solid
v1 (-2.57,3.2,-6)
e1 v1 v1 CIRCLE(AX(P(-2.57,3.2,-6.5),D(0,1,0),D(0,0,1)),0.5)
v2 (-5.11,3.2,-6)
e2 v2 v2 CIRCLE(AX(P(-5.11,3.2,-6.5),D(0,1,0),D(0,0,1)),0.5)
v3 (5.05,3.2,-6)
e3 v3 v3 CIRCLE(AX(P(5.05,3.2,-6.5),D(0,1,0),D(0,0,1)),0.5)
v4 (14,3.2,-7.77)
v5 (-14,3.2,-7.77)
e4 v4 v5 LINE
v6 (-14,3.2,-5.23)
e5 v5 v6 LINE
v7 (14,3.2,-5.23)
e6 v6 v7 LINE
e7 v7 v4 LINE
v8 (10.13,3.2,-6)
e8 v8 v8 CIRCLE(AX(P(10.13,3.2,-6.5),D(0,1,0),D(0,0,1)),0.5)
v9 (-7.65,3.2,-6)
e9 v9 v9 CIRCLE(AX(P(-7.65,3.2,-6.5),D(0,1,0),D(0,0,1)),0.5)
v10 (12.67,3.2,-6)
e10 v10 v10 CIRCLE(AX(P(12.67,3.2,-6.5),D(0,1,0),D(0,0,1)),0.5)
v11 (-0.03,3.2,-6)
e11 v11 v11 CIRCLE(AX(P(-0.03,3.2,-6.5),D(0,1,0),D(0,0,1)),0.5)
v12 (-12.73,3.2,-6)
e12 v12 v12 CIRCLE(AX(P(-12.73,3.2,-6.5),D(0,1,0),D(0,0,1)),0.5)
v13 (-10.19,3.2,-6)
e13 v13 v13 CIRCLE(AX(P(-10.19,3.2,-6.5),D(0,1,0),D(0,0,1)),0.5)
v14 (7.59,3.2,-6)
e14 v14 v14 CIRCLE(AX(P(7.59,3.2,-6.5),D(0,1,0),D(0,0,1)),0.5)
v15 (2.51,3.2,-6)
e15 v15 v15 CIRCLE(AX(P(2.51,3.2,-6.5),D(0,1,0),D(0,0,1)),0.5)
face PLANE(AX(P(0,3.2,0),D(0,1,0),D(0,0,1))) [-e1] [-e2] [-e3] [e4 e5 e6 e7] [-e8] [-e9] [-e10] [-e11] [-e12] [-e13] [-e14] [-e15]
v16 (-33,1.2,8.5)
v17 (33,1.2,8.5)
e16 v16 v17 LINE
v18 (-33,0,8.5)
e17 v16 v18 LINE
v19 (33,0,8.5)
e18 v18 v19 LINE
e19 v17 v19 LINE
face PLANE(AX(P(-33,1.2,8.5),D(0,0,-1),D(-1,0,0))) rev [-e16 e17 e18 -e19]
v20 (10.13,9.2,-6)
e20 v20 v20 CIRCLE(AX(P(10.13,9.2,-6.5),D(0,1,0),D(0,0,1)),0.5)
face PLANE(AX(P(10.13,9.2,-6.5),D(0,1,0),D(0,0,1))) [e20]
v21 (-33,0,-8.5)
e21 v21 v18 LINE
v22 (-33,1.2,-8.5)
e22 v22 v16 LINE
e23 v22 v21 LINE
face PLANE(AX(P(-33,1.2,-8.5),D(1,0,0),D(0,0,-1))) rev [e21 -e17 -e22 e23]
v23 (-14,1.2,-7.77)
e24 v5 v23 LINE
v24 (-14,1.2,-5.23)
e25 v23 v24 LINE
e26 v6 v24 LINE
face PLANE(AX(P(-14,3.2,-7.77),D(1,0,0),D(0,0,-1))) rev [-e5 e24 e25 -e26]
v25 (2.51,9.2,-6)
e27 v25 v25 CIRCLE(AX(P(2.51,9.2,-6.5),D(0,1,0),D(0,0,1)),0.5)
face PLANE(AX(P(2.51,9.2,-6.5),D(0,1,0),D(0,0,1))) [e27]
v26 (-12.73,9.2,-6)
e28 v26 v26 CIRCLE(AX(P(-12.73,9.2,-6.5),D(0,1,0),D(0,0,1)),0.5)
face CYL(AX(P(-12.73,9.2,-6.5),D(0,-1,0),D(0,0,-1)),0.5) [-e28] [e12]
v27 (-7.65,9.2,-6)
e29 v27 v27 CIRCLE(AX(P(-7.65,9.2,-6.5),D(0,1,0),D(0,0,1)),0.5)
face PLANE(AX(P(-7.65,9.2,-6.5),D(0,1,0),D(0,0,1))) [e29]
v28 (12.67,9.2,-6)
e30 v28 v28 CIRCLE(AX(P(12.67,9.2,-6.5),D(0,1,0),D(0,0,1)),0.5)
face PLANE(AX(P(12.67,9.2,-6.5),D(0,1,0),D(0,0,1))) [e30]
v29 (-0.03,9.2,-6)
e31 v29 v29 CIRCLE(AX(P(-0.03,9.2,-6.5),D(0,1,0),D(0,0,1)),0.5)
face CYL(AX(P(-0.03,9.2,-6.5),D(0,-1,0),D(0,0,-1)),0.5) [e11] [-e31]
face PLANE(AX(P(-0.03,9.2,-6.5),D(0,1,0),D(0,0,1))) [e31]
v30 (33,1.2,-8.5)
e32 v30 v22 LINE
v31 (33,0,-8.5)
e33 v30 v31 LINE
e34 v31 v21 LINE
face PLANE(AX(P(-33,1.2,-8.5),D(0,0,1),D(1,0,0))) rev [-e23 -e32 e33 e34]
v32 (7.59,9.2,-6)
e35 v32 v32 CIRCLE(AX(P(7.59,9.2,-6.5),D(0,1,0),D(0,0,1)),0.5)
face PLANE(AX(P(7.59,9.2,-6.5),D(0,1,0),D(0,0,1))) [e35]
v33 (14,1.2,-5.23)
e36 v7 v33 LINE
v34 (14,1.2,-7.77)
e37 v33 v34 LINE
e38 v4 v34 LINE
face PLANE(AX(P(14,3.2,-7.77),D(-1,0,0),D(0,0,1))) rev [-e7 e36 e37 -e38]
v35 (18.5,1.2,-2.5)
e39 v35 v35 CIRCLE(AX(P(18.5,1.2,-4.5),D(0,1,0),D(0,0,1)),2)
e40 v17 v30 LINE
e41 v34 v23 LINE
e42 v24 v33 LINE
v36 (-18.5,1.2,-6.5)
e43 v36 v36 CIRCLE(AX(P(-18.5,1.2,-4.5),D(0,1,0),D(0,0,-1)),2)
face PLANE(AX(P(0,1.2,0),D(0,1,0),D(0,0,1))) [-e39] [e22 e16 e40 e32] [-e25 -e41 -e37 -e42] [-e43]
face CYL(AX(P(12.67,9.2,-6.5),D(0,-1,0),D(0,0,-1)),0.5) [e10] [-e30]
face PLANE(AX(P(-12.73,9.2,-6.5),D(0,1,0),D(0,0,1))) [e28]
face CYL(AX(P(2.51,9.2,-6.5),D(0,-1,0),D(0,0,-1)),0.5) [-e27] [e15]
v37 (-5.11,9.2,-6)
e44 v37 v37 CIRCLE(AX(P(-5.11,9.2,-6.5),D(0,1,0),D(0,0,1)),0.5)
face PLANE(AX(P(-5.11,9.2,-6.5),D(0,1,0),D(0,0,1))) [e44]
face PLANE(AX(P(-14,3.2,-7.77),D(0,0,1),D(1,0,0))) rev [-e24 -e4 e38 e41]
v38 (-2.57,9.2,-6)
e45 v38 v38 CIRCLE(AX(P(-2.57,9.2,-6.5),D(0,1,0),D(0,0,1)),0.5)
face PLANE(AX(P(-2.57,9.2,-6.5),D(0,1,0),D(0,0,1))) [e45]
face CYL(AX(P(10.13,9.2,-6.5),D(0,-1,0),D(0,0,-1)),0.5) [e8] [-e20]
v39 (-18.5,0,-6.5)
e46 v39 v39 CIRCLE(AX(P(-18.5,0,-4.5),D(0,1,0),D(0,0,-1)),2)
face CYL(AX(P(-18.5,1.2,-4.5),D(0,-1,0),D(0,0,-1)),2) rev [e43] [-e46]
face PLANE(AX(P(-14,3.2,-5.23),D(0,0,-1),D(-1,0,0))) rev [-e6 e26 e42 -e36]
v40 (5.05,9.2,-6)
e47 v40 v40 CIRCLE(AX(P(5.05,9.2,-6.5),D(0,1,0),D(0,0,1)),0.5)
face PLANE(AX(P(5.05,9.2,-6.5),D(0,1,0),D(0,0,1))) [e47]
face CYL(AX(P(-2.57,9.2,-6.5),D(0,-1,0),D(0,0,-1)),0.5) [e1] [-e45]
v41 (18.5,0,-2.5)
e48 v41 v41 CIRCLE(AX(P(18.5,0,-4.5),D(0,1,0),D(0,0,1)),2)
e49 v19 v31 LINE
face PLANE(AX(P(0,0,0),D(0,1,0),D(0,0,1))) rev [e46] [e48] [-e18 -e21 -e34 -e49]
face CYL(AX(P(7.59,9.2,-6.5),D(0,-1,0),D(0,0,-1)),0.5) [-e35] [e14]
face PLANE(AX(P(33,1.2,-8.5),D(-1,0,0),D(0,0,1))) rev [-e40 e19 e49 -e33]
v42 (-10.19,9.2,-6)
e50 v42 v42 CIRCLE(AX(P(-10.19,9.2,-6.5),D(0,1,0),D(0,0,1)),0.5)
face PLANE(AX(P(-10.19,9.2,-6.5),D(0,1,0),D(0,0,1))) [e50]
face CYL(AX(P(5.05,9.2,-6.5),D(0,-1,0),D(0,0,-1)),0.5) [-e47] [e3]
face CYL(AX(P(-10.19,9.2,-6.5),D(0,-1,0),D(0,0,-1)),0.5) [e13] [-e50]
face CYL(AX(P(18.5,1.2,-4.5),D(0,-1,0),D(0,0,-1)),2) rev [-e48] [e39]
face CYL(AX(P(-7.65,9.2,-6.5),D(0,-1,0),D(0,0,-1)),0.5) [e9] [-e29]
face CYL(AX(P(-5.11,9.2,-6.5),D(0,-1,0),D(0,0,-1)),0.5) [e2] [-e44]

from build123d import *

# Parameters (mm, degrees)
SKETCH1_W           = 66
SKETCH1_H           = 17
SKETCH1_R           = 2
BOSS_EXTRUDE1_DEPTH = 1.2
SKETCH2_W           = 28
SKETCH2_H           = 2.54
BOSS_EXTRUDE2_DEPTH = 2
SKETCH3_R           = 0.5
BOSS_EXTRUDE3_DEPTH = 6


with BuildPart() as part:
    # Sketch1 → Boss-Extrude1 (new body)
    with BuildSketch(Plane(origin=(0, 0, 0), x_dir=(1, 0, 0), z_dir=(0, 1, 0))):
        Rectangle(SKETCH1_W, SKETCH1_H)
        with Locations((18.5, 4.5)):
            Circle(SKETCH1_R, mode=Mode.SUBTRACT)
        with Locations((-18.5, 4.5)):
            Circle(SKETCH1_R, mode=Mode.SUBTRACT)
    extrude(amount=BOSS_EXTRUDE1_DEPTH)

    # Sketch2 → Boss-Extrude2 (add)
    with BuildSketch(Plane(origin=(0, 1.2, 0), x_dir=(1, 0, 0), z_dir=(0, 1, 0))):
        with Locations((0, 6.5)):
            Rectangle(SKETCH2_W, SKETCH2_H)
    extrude(amount=BOSS_EXTRUDE2_DEPTH)

    # Sketch3 → Boss-Extrude3 (add)
    with BuildSketch(Plane(origin=(0, 3.2, 0), x_dir=(1, 0, 0), z_dir=(0, 1, 0))):
        with Locations((-12.73, 6.5)):
            Circle(SKETCH3_R)
        with Locations((-10.19, 6.5)):
            Circle(SKETCH3_R)
        with Locations((-7.65, 6.5)):
            Circle(SKETCH3_R)
        with Locations((-5.11, 6.5)):
            Circle(SKETCH3_R)
        with Locations((-2.57, 6.5)):
            Circle(SKETCH3_R)
        with Locations((-0.03, 6.5)):
            Circle(SKETCH3_R)
        with Locations((2.51, 6.5)):
            Circle(SKETCH3_R)
        with Locations((5.05, 6.5)):
            Circle(SKETCH3_R)
        with Locations((7.59, 6.5)):
            Circle(SKETCH3_R)
        with Locations((10.13, 6.5)):
            Circle(SKETCH3_R)
        with Locations((12.67, 6.5)):
            Circle(SKETCH3_R)
    extrude(amount=BOSS_EXTRUDE3_DEPTH)


solid = part.part
